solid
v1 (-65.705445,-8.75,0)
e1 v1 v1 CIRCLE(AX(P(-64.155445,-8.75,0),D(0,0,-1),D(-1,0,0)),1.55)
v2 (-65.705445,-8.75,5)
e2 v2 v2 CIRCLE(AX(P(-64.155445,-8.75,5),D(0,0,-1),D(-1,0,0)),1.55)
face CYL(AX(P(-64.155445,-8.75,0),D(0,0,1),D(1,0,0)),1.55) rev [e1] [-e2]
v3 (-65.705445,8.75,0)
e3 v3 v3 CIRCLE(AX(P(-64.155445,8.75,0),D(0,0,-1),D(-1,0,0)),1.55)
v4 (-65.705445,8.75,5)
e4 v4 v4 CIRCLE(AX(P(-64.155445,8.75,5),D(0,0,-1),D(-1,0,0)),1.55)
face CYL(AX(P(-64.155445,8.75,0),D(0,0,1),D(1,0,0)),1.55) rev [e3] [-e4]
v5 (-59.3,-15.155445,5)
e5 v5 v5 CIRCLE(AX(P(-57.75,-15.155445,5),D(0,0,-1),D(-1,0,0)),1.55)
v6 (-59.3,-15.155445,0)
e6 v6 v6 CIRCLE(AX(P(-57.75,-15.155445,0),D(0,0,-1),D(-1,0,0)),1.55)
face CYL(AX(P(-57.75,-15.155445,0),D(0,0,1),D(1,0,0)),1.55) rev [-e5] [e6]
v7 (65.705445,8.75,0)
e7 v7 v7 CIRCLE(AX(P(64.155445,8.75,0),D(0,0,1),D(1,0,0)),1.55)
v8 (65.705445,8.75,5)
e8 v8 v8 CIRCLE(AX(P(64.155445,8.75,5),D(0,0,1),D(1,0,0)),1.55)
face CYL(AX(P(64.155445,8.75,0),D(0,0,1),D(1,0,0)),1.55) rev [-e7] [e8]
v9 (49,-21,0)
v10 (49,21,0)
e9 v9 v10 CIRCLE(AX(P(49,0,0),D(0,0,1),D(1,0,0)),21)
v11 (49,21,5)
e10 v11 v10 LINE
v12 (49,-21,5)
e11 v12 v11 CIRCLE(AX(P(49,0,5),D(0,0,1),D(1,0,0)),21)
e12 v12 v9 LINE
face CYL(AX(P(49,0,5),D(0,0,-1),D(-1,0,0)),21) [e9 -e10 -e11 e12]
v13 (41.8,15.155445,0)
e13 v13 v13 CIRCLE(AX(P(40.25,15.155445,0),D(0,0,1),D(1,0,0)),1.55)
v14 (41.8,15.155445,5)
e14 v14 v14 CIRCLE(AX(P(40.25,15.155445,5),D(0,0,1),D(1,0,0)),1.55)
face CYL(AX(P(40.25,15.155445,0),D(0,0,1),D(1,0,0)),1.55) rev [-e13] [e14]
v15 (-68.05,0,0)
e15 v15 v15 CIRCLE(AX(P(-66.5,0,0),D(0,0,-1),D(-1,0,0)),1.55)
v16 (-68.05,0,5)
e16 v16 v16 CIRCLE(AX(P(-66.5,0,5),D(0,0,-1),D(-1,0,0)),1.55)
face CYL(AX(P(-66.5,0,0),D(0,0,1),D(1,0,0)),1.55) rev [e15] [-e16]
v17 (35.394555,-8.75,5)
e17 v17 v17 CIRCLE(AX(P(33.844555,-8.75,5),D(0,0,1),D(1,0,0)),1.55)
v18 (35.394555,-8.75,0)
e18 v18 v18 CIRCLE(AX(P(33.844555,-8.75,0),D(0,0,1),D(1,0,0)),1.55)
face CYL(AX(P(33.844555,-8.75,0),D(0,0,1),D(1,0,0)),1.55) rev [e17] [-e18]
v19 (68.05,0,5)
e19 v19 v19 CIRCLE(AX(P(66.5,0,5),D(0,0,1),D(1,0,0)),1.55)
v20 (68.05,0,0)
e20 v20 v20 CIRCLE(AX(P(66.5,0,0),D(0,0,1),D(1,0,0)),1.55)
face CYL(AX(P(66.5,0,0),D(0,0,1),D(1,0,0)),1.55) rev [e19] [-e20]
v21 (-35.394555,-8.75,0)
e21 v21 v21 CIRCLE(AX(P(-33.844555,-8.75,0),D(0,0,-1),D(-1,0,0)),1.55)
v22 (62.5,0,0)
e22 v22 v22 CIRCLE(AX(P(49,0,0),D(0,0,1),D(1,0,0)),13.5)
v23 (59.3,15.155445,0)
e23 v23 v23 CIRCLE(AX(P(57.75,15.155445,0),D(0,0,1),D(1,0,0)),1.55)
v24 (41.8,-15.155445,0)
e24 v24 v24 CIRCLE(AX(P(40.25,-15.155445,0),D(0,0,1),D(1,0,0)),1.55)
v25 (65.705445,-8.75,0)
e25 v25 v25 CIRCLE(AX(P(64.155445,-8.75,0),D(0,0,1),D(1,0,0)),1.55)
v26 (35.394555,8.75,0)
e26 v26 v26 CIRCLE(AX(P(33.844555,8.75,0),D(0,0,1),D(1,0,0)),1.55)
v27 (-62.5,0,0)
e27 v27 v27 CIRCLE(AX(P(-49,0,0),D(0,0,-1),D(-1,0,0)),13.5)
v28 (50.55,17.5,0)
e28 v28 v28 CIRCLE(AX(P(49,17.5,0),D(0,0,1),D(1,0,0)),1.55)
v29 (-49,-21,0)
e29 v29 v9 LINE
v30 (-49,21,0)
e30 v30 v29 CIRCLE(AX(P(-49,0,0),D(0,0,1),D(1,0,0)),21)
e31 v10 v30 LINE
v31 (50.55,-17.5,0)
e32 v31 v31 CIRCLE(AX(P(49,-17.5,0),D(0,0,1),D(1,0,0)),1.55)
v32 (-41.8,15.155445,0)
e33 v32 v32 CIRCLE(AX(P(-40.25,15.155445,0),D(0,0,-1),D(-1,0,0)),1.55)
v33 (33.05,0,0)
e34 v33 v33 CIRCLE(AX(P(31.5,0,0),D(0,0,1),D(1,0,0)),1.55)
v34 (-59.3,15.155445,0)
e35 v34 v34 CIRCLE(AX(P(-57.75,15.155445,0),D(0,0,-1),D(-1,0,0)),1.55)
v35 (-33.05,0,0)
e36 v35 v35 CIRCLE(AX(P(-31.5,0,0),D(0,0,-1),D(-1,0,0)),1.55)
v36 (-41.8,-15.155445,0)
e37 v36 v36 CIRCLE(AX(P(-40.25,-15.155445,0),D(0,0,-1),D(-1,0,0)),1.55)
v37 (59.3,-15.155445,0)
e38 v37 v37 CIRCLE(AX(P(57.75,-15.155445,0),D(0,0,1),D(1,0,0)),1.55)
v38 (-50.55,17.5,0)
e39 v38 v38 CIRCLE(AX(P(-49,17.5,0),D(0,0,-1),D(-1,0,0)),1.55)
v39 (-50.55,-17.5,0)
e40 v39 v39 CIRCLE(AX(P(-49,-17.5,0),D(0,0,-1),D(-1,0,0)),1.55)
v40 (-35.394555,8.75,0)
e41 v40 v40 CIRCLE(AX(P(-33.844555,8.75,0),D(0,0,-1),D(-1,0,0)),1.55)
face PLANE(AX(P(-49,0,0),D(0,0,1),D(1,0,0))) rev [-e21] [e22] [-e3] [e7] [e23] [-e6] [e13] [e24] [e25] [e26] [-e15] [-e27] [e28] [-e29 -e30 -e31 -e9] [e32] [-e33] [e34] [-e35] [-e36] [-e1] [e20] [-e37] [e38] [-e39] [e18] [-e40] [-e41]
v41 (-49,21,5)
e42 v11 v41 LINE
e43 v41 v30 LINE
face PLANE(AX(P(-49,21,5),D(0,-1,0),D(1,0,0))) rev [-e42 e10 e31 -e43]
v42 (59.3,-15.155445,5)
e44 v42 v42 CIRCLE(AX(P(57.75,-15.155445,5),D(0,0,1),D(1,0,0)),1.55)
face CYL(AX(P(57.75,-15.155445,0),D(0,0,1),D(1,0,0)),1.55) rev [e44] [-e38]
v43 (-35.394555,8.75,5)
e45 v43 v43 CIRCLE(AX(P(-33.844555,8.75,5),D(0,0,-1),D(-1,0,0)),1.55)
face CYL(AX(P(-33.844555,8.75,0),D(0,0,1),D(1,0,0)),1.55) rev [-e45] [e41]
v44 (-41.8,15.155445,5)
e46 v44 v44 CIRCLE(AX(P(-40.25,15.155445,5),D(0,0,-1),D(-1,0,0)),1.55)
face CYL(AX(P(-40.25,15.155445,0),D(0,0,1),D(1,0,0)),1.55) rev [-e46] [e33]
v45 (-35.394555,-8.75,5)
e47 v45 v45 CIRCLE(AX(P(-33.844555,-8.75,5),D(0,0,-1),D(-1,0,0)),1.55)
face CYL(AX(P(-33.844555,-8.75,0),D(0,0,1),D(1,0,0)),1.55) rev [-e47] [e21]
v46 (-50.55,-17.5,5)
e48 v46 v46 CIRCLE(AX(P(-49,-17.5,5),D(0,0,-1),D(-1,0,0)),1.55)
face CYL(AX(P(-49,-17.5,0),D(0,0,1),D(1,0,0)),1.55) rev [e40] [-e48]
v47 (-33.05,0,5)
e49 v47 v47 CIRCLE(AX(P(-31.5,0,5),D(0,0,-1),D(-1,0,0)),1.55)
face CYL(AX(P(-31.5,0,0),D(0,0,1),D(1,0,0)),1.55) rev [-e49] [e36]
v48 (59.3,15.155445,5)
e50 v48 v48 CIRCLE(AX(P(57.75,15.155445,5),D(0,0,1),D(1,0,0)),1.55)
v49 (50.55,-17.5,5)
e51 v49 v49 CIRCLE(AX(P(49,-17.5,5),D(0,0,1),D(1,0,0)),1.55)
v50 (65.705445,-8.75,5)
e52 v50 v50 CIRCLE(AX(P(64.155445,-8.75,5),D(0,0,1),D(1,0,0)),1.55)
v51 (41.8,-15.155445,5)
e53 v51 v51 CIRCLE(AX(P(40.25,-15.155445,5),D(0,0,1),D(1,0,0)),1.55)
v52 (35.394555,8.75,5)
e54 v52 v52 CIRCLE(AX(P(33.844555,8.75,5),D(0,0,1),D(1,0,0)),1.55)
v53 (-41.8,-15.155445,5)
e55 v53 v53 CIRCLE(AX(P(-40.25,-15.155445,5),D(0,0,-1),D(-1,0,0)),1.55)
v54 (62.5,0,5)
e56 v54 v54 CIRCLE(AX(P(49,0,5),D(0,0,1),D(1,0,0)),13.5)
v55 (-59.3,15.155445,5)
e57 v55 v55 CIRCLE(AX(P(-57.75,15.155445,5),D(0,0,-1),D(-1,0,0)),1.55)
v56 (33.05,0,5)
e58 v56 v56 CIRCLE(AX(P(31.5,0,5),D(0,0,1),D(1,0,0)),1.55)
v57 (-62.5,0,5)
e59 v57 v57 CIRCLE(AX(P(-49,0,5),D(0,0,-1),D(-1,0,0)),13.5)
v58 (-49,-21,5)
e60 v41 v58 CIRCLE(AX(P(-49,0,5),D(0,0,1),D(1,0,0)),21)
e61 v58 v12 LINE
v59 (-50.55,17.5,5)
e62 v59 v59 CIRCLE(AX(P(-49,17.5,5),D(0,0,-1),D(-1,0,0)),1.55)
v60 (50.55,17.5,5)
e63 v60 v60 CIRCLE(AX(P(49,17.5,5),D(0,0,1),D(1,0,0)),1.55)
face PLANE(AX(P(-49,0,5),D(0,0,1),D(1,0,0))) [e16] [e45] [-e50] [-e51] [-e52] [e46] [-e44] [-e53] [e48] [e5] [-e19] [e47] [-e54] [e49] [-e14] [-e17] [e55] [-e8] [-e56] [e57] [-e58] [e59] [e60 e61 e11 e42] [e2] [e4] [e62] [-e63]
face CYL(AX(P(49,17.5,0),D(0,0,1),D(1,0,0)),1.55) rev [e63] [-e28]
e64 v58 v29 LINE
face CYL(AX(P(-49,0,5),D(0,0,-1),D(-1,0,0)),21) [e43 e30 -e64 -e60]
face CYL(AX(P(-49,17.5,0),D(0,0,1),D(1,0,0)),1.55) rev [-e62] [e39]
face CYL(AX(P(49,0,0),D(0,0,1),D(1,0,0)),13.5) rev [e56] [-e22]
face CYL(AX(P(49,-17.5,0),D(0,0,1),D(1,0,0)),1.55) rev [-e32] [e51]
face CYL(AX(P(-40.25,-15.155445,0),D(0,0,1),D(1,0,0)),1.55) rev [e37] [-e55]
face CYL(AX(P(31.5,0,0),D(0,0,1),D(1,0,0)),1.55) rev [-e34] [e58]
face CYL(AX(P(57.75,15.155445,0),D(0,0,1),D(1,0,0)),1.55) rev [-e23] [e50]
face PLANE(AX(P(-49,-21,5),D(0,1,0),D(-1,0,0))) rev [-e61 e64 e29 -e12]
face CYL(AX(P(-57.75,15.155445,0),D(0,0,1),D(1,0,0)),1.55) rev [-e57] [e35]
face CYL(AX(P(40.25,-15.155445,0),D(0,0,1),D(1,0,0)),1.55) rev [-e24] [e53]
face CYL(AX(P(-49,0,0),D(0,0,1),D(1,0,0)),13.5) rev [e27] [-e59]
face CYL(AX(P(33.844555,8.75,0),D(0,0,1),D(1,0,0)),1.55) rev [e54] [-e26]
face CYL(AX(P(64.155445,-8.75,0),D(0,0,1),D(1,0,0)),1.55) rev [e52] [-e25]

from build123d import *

# Parameters (mm, degrees)
EXTRUDE_1_DEPTH     = 5
SKETCH_2_R          = 13.5
SKETCH_2_R_2        = 1.55
CUT_EXTRUDE_1_DEPTH = 5


with BuildPart() as part:
    # 草图1 → 凸台-拉伸1 (new body)
    with BuildSketch(Plane.XY):
        with BuildLine():
            Line((-49, -21), (49, -21))
            ThreePointArc((49, -21), (70, 0), (49, 21))
            Line((49, 21), (-49, 21))
            ThreePointArc((-49, 21), (-70, 0), (-49, -21))
        make_face()
    extrude(amount=EXTRUDE_1_DEPTH)

    # 草图2 → 切除-拉伸1 (cut)
    with BuildSketch(Plane.XY.offset(5)):
        with Locations((49, 0)):
            Circle(SKETCH_2_R)
        with Locations((49, 17.5)):
            Circle(SKETCH_2_R_2)
        with Locations((57.75, 15.155444566)):
            Circle(SKETCH_2_R_2)
        with Locations((64.155444566, 8.75)):
            Circle(SKETCH_2_R_2)
        with Locations((66.5, 0)):
            Circle(SKETCH_2_R_2)
        with Locations((64.155444566, -8.75)):
            Circle(SKETCH_2_R_2)
        with Locations((57.75, -15.155444566)):
            Circle(SKETCH_2_R_2)
        with Locations((49, -17.5)):
            Circle(SKETCH_2_R_2)
        with Locations((40.25, -15.155444566)):
            Circle(SKETCH_2_R_2)
        with Locations((33.844555434, -8.75)):
            Circle(SKETCH_2_R_2)
        with Locations((31.5, 0)):
            Circle(SKETCH_2_R_2)
        with Locations((33.844555434, 8.75)):
            Circle(SKETCH_2_R_2)
        with Locations((40.25, 15.155444566)):
            Circle(SKETCH_2_R_2)
    cut_extrude_1 = extrude(amount=-CUT_EXTRUDE_1_DEPTH, mode=Mode.SUBTRACT)

    # 镜向1: 切除-拉伸1 across plane
    add(cut_extrude_1.mirror(Plane(origin=(0, 0, 0), x_dir=(0, 0, 1), z_dir=(1, 0, 0))), mode=Mode.SUBTRACT)


solid = part.part
